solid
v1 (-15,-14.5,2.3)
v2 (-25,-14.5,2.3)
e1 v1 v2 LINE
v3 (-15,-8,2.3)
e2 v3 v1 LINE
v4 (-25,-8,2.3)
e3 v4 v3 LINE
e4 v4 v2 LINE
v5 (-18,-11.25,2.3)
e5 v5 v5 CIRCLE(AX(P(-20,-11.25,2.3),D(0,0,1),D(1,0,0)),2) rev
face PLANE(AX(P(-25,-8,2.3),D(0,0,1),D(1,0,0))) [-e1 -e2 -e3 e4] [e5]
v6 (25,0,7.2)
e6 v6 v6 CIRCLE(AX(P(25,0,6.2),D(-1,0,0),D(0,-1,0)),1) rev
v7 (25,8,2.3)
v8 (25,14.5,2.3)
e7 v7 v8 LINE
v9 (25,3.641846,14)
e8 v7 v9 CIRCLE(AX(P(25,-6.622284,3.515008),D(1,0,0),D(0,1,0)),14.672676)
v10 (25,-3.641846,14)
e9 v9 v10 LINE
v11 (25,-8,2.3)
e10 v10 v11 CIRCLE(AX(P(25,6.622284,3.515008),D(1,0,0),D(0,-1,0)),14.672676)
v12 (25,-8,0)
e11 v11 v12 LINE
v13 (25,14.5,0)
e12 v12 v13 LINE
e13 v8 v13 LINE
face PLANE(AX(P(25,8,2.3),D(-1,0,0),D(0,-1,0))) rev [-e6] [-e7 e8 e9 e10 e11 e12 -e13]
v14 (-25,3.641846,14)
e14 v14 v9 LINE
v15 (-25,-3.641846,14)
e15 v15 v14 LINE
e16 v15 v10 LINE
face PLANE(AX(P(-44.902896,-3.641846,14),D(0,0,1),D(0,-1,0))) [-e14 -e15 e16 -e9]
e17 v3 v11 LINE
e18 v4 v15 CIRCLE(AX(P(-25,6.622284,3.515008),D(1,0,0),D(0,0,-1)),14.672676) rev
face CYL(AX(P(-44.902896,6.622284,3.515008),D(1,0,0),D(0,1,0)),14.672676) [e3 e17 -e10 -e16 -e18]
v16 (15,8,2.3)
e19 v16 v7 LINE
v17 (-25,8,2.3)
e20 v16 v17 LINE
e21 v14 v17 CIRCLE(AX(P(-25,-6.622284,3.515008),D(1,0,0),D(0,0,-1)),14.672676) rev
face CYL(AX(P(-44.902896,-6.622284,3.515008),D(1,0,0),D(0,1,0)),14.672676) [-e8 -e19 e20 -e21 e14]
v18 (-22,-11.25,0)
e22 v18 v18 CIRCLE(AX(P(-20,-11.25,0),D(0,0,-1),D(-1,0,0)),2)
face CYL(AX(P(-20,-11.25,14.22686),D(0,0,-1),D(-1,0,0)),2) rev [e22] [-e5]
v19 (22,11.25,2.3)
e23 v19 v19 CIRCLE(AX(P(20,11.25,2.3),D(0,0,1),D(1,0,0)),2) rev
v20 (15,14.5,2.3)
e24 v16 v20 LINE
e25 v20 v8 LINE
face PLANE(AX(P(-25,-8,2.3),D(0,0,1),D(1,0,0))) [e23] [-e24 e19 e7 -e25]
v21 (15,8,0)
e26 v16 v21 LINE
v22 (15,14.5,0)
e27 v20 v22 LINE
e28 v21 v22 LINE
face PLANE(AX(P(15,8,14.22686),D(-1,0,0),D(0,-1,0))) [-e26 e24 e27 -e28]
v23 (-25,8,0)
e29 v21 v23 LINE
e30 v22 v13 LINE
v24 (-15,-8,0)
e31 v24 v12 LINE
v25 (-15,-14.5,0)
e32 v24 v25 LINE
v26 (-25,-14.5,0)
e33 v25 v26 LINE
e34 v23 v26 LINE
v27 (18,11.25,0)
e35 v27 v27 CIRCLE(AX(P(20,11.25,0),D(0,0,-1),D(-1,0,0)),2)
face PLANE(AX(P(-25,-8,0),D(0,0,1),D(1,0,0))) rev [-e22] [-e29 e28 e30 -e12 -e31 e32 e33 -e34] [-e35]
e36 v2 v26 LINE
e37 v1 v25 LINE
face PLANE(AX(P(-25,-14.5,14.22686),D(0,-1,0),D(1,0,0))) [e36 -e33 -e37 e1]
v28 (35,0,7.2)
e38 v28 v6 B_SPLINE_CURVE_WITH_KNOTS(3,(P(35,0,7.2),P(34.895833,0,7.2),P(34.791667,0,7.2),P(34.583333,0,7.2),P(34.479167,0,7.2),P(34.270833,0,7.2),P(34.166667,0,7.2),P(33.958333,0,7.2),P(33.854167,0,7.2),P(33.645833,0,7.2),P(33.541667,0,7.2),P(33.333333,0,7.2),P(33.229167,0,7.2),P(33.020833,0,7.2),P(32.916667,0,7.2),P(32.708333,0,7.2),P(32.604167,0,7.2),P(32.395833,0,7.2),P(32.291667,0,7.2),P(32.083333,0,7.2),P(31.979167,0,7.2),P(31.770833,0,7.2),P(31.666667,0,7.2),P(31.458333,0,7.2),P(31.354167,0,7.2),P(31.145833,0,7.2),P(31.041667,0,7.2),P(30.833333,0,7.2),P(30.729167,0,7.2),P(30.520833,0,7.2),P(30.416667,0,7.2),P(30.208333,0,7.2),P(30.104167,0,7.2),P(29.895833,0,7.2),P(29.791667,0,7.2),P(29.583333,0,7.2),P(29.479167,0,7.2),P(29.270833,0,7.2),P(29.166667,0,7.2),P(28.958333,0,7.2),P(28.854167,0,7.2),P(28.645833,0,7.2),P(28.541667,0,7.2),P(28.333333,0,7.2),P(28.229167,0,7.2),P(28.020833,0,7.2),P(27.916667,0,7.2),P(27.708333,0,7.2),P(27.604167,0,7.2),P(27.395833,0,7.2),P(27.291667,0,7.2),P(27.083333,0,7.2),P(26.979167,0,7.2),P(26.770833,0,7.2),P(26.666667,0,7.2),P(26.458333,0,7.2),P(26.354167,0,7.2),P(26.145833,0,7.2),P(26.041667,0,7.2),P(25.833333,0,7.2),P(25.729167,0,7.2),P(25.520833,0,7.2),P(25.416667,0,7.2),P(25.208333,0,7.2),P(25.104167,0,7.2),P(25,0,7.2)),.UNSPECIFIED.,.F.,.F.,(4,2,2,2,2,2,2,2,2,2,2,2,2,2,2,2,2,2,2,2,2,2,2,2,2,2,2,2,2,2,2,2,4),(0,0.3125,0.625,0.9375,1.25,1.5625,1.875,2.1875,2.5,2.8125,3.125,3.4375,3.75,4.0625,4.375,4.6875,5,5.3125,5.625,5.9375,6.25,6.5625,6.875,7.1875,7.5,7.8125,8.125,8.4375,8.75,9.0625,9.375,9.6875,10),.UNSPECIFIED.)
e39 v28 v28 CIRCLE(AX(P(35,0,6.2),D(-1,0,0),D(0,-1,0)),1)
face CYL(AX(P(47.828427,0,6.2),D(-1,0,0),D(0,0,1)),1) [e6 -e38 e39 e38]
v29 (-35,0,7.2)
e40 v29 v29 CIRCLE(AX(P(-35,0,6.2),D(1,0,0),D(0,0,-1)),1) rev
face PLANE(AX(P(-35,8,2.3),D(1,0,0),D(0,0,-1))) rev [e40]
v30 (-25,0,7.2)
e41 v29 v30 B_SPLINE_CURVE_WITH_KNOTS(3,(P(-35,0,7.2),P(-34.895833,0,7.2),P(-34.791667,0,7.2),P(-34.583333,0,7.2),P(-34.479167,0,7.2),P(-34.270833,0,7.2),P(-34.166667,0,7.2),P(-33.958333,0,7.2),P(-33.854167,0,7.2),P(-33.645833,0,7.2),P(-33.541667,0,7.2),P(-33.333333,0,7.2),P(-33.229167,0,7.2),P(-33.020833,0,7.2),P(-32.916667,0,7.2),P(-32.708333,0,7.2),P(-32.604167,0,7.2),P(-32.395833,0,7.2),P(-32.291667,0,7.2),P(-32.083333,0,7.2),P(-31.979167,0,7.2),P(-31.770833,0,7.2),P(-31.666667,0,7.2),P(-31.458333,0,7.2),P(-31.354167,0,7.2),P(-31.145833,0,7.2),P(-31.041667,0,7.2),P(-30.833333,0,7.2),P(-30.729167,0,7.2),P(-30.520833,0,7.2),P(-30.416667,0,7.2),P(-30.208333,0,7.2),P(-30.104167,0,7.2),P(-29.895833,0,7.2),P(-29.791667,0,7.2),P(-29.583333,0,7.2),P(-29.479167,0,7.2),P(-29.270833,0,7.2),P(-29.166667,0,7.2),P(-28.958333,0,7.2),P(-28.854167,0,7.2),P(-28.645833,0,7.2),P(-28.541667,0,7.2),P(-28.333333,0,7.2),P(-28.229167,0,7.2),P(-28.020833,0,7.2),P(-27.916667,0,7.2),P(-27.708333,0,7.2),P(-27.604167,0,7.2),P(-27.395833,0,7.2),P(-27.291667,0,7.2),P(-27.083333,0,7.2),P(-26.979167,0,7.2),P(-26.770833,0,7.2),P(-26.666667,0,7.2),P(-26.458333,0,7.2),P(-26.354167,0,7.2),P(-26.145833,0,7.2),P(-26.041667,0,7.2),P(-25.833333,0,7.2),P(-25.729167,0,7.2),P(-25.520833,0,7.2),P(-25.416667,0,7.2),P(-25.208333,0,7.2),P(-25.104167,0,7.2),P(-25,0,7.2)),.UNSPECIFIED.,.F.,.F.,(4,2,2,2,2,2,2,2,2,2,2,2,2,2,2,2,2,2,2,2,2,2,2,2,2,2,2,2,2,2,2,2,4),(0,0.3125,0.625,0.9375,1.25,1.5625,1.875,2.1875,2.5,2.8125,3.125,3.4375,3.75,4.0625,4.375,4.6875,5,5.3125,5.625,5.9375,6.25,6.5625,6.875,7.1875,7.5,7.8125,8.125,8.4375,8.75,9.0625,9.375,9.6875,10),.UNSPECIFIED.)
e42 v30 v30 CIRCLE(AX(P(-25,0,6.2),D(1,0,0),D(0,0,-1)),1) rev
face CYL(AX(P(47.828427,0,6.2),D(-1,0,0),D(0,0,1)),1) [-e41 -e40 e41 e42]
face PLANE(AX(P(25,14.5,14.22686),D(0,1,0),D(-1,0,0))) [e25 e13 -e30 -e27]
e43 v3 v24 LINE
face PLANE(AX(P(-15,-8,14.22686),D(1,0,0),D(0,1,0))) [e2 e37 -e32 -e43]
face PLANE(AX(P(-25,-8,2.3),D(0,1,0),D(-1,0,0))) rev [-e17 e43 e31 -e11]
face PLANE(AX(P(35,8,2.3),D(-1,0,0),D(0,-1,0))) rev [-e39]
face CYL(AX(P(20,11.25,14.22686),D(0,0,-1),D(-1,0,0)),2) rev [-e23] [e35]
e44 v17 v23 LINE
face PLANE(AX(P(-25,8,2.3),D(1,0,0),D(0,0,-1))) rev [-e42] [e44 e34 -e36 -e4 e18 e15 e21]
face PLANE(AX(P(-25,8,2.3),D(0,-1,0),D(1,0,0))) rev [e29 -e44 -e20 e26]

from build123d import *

# Parameters (mm, degrees)
SKETCH_1_W           = 50
SKETCH_1_H           = 16
EXTRUDE_1_DEPTH      = 2.3
SKETCH_2_W           = 10
SKETCH_2_H           = 6.5
SKETCH_2_R           = 2
EXTRUDE_2_DEPTH      = 2.3
EXTRUDE_3_REACH      = 54.111
EXTRUDE_4_DEPTH      = 35
EXTRUDE_4_DEPTH_BACK = 35
SKETCH_5_R           = 1


with BuildPart() as part:
    # 草图1 → 拉伸1 (new body)
    with BuildSketch(Plane.XY):
        Rectangle(SKETCH_1_W, SKETCH_1_H)
    extrude(amount=EXTRUDE_1_DEPTH)

    # 草图2 → 拉伸2 (add)
    # profile 1 of 2: a face of its own
    with BuildSketch(Plane(origin=(0, 0, 0), x_dir=(-1, 0, 0), z_dir=(0, 0, -1))):
        with Locations((20, -11.25)):
            Rectangle(SKETCH_2_W, SKETCH_2_H)
        with Locations((20, -11.25)):
            Circle(SKETCH_2_R, mode=Mode.SUBTRACT)
    # profile 2 of 2: a face of its own
    with BuildSketch(Plane(origin=(0, 0, 0), x_dir=(-1, 0, 0), z_dir=(0, 0, -1))):
        with Locations((-20, 11.25)):
            Rectangle(SKETCH_2_W, SKETCH_2_H)
        with Locations((-20, 11.25)):
            Circle(SKETCH_2_R, mode=Mode.SUBTRACT)
    extrude(amount=-EXTRUDE_2_DEPTH)

    # 拉伸3: up to this face of the body (flat: up to its plane)
    extrude_3_end = Plane(part.part.faces().sort_by_distance((-25, -3.25, 1.15))[0])
    # 草图4 → 拉伸3 (add, up to the picked face)
    with BuildSketch(Plane(origin=(25, 0, 0), x_dir=(0, 0, -1), z_dir=(1, 0, 0)), mode=Mode.PRIVATE) as extrude_3_sk1:
        with BuildLine():
            Line((-2.3, -8), (-2.3, 8))
            ThreePointArc((-2.3, 8), (-8.636680234, 7.127476149), (-14, 3.641846314))
            Line((-14, 3.641846314), (-14, -3.641846314))
            ThreePointArc((-14, -3.641846314), (-8.636680234, -7.127476149), (-2.3, -8))
        make_face()
    extrude_3_tool1 = split(extrude(extrude_3_sk1.sketch, amount=-EXTRUDE_3_REACH, mode=Mode.PRIVATE), bisect_by=extrude_3_end, keep=Keep.BOTH, mode=Mode.PRIVATE)
    add(extrude_3_tool1.solids().sort_by(Axis((25, 0, 7.555893), (-1, 0, 0)))[0])

    # 草图5 → 拉伸4 (add, two sides: drawn at the far end of the back side and taken through both)
    with BuildSketch(Plane(origin=(0, 0, 0), x_dir=(0, 0, -1), z_dir=(1, 0, 0)).offset(-EXTRUDE_4_DEPTH_BACK)):
        with Locations(Location((-6.2, 0, 0), (0, 0, 180))):
            Circle(SKETCH_5_R)
    extrude(amount=EXTRUDE_4_DEPTH + EXTRUDE_4_DEPTH_BACK)


solid = part.part
